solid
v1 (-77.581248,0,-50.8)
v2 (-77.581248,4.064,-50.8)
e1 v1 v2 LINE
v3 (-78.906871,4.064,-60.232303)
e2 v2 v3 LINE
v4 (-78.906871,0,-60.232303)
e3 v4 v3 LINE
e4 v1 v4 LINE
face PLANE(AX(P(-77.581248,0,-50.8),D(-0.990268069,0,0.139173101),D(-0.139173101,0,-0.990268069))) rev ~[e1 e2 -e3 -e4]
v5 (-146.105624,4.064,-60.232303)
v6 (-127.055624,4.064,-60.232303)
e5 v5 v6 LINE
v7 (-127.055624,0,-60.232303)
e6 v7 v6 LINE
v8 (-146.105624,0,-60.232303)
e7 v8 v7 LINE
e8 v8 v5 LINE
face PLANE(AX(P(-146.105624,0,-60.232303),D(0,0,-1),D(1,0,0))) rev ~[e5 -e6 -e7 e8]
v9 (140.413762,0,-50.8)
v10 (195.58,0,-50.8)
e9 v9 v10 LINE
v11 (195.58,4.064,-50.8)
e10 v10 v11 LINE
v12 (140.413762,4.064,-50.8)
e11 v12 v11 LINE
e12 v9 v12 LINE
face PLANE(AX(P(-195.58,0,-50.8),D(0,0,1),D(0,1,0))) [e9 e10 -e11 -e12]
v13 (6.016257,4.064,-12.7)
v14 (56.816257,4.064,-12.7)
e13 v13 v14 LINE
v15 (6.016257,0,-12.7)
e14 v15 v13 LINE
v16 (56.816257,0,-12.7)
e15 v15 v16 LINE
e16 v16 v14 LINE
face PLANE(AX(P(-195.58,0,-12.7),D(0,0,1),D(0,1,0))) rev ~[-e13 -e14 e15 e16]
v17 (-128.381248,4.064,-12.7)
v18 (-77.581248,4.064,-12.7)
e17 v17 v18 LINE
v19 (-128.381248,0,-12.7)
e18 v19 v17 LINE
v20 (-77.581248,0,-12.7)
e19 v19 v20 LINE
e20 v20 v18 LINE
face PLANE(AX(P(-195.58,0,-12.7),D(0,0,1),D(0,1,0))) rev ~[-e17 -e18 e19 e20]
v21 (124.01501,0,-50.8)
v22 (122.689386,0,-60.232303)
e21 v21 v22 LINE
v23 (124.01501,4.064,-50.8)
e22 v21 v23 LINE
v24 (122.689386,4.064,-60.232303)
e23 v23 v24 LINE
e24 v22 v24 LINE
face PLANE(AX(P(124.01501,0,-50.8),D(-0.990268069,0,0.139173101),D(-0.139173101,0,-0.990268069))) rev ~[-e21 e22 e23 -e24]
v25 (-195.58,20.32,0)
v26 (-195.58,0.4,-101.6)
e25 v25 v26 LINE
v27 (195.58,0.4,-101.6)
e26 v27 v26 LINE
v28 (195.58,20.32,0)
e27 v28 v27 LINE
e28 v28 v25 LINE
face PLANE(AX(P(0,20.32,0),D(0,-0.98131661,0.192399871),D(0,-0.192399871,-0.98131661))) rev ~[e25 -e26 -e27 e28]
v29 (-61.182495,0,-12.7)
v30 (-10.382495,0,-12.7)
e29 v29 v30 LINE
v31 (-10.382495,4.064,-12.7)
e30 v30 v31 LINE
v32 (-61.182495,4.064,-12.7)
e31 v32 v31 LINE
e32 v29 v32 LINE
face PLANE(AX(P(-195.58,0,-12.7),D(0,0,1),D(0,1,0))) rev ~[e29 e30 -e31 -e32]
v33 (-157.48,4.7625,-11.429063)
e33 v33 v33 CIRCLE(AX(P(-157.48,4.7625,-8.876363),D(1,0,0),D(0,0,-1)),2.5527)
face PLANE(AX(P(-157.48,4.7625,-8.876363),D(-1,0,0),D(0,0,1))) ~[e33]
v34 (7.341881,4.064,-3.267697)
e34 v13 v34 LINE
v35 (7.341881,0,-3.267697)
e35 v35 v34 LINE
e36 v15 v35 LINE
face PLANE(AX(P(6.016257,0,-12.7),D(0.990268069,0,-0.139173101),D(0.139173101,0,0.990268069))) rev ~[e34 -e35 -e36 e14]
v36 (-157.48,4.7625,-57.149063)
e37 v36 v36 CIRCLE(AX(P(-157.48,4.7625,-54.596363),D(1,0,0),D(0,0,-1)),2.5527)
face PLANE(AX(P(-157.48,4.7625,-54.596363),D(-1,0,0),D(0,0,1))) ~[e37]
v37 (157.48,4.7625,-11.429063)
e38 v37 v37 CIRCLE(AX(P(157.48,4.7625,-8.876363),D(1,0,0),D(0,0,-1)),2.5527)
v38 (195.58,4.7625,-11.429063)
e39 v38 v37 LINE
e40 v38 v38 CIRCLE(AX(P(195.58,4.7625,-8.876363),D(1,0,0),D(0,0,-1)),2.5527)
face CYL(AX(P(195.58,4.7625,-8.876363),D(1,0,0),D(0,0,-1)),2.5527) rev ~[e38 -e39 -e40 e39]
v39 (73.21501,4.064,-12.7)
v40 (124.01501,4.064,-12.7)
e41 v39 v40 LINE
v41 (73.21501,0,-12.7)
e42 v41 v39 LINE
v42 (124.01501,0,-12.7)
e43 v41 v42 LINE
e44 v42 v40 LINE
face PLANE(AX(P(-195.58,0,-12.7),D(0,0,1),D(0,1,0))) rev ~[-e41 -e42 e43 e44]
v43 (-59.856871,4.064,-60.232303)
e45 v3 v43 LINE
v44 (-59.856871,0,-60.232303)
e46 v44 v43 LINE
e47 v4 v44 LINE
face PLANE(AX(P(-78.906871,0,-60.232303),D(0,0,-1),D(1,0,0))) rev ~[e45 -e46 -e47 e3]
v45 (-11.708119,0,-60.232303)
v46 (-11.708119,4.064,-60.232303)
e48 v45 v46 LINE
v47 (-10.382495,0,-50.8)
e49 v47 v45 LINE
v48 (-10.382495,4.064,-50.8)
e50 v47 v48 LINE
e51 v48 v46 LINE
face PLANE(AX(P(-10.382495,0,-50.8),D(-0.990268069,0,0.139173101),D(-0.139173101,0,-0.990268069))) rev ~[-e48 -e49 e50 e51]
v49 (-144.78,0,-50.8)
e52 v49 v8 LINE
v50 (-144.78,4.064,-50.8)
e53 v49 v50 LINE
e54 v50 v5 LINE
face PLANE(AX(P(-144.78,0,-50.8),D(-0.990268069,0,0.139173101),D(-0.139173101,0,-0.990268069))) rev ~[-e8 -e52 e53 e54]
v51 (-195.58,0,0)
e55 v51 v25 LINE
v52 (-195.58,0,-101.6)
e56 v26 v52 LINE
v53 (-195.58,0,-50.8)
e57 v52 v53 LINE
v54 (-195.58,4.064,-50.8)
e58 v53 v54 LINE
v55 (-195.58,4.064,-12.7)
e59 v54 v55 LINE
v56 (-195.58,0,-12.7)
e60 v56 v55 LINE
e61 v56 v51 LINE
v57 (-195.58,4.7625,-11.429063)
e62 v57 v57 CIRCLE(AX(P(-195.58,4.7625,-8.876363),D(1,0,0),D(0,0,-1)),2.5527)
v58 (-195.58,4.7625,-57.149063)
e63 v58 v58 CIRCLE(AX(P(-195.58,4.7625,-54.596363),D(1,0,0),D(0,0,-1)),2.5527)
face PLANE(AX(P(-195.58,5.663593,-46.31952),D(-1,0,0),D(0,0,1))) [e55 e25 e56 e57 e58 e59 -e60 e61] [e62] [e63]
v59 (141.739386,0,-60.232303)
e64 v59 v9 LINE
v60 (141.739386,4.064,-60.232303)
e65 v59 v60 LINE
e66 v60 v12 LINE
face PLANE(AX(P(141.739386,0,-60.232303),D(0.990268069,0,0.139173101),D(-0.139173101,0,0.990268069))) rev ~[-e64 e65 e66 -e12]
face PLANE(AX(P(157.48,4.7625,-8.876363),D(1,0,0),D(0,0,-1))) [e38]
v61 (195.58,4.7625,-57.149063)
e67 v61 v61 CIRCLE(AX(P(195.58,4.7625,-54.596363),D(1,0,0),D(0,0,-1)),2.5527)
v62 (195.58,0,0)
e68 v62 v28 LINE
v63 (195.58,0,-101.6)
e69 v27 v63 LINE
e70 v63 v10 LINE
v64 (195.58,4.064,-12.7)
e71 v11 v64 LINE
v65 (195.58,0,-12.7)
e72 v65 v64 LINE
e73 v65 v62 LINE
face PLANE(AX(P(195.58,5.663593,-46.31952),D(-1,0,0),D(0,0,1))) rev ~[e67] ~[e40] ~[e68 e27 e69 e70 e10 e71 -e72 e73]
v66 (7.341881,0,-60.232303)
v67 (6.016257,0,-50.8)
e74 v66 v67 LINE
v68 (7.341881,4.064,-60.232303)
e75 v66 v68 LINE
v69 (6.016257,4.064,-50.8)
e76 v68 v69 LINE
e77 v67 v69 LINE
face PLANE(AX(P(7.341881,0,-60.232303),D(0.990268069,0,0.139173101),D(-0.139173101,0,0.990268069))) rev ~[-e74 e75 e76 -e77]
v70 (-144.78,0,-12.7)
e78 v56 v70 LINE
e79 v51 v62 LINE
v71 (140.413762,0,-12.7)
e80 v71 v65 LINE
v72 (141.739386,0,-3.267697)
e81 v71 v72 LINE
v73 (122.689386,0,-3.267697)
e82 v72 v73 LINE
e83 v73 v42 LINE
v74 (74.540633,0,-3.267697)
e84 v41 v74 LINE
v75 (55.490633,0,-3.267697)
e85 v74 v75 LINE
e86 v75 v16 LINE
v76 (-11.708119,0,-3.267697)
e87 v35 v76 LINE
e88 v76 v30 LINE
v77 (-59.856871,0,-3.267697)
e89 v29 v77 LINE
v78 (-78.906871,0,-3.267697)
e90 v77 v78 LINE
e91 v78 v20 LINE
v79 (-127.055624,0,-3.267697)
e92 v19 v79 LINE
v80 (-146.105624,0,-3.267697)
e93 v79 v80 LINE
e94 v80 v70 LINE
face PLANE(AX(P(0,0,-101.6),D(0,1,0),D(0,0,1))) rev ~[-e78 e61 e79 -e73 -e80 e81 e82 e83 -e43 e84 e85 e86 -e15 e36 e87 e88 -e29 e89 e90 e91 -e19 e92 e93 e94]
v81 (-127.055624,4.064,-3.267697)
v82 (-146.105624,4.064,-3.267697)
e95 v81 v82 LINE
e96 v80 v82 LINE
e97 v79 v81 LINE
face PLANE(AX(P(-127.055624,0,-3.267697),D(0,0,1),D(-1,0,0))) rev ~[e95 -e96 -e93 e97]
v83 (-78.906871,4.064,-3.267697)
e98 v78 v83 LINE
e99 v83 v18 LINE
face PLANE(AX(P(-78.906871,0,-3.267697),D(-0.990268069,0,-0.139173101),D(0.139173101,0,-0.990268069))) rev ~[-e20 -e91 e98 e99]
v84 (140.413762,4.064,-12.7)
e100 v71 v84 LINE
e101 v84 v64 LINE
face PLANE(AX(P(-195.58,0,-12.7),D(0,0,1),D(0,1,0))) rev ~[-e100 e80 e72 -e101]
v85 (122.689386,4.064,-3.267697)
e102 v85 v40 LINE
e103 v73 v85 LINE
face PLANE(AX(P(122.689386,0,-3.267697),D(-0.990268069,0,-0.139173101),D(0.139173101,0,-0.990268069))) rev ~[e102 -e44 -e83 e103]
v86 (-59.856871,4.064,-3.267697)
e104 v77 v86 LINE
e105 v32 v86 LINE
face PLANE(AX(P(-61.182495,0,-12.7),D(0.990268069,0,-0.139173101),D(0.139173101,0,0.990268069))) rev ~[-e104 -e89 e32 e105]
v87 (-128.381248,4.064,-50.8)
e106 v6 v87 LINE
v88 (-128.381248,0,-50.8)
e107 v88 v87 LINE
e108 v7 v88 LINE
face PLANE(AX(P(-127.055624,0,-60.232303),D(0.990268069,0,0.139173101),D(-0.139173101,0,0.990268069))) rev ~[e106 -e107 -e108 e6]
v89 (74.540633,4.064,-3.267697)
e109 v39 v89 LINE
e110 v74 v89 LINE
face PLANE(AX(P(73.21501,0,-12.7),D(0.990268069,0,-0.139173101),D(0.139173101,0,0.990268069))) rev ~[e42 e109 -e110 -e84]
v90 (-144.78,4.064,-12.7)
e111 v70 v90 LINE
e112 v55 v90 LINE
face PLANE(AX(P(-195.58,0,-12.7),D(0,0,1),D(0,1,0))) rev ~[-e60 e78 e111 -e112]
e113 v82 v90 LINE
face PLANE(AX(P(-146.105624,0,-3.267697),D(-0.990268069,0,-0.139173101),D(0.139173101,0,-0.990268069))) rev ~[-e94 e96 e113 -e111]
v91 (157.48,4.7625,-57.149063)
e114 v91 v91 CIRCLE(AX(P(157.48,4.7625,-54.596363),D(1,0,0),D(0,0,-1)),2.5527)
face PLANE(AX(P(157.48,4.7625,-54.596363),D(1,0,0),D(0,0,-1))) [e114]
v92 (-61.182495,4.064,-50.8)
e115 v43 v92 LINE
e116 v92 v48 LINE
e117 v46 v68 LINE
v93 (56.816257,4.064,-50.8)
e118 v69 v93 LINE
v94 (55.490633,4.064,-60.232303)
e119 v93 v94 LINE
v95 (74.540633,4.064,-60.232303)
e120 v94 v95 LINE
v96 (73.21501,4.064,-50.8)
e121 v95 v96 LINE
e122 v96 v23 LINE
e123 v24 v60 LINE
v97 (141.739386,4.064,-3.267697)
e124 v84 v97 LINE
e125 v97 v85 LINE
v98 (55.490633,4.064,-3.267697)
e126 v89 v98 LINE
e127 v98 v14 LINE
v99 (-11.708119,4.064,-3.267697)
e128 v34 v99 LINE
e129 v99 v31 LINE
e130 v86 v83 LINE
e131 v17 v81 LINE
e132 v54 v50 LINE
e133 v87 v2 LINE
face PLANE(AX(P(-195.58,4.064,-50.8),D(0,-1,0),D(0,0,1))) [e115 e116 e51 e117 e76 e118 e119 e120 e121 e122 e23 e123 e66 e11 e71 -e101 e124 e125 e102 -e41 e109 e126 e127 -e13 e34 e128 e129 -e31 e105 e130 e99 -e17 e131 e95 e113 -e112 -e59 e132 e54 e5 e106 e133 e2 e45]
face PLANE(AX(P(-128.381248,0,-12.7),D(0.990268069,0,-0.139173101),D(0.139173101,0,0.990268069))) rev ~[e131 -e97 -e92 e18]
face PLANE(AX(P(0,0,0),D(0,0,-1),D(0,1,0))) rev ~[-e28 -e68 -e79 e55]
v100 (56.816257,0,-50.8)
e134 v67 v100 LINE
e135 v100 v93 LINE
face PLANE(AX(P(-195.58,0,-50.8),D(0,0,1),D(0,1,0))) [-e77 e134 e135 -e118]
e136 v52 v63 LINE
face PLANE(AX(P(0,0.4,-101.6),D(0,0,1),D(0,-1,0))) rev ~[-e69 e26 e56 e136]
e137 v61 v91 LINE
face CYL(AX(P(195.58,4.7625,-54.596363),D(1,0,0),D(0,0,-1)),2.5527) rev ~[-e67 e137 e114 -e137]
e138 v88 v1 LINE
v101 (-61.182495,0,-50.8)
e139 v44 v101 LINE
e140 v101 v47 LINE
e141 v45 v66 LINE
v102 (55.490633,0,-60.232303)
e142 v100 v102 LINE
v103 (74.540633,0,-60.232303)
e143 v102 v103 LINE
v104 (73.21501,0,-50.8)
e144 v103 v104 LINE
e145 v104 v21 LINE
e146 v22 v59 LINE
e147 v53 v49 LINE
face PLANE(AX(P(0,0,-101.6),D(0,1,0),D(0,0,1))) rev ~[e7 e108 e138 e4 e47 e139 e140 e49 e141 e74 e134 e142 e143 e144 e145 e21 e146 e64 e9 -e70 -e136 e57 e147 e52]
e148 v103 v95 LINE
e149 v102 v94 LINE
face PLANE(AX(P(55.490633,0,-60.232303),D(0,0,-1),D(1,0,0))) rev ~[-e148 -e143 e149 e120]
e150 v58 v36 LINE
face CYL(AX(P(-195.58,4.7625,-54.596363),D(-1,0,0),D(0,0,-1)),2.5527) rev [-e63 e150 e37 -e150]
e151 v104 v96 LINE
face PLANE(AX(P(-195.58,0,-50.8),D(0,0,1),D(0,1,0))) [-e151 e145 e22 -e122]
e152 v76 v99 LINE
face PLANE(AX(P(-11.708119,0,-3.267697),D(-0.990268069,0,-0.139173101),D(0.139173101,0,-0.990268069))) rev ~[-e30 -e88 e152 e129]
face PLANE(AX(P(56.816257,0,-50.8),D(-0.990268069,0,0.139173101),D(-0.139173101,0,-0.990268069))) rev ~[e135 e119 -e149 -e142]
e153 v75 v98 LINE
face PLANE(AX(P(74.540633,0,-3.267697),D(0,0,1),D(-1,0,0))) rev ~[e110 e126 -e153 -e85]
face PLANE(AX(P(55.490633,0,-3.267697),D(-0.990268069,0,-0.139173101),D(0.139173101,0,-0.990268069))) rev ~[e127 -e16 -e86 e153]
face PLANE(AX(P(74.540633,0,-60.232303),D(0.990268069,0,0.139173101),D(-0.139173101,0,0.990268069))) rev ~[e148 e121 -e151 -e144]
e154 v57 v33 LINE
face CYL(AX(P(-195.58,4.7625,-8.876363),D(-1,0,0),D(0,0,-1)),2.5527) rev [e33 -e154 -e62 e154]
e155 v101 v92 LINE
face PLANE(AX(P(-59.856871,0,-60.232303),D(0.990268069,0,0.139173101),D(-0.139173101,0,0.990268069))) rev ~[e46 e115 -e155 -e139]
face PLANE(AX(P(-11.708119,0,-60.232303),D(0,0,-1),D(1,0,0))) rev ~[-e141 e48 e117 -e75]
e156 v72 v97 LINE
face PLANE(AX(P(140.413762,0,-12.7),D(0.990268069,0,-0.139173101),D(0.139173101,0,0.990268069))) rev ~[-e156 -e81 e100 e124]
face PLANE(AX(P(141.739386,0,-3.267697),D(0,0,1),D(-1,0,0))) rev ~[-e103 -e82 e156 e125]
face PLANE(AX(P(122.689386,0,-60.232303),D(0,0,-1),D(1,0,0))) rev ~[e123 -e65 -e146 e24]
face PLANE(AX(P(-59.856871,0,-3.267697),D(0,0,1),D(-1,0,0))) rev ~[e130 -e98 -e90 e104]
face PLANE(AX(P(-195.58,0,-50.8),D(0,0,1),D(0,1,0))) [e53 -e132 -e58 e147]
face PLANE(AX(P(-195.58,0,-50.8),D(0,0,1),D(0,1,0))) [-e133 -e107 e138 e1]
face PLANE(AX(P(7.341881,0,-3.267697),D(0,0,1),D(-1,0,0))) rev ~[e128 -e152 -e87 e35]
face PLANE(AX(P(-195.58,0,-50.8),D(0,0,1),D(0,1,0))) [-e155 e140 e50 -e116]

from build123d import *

# Parameters (mm, degrees)
BOSS_EXTRUDE1_DEPTH = 195.58
SKETCH2_R           = 2.5527
CUT_EXTRUDE1_DEPTH  = 38.1
SKETCH3_W           = 38.1
SKETCH3_H           = 4.064
CUT_EXTRUDE2_DEPTH  = 405.649982083
CUT_EXTRUDE3_DEPTH  = 4.064


with BuildPart() as part:
    # Sketch1 → Boss-Extrude1 (new, symmetric)
    with BuildSketch(Plane(origin=(0, 0, 0), x_dir=(0, 0, -1), z_dir=(1, 0, 0))):
        Polygon((0, 0), (0, 20.32), (101.6, 0.4), (101.6, 0), align=None)
    extrude(amount=BOSS_EXTRUDE1_DEPTH, both=True)

    # Sketch2 → Cut-Extrude1 (cut)
    with BuildSketch(Plane(origin=(195.58, 0, 0), x_dir=(0, 0, -1), z_dir=(1, 0, 0))):
        with Locations((8.876362872, 4.7625)):
            Circle(SKETCH2_R)
        with Locations((54.596362872, 4.7625)):
            Circle(SKETCH2_R)
    cut_extrude1 = extrude(amount=-CUT_EXTRUDE1_DEPTH, mode=Mode.SUBTRACT)

    # Mirror3: Cut-Extrude1 across plane
    add(cut_extrude1.mirror(Plane(origin=(0, 0, 0), x_dir=(0, 0, 1), z_dir=(1, 0, 0))), mode=Mode.SUBTRACT)

    # Sketch3 → Cut-Extrude2 (cut, through all)
    with BuildSketch(Plane.ZY.offset(195.58)):
        with Locations((-31.75, 2.032)):
            Rectangle(SKETCH3_W, SKETCH3_H)
    extrude(amount=-CUT_EXTRUDE2_DEPTH, mode=Mode.SUBTRACT)

    # Sketch4 → Cut-Extrude3 (cut)
    with BuildSketch(Plane.XZ):
        Polygon((-144.78, -50.8), (-146.105623787, -60.232303355), (-144.78, -60.232303355), (-128.381247573, -60.232303355), (-127.055623787, -60.232303355), (-128.381247573, -50.8), align=None)
        Polygon((-77.581247573, -50.8), (-78.90687136, -60.232303355), (-77.581247573, -60.232303355), (-61.182495147, -60.232303355), (-59.85687136, -60.232303355), (-61.182495147, -50.8), align=None)
        Polygon((-10.382495147, -50.8), (-11.708118933, -60.232303355), (-10.382495147, -60.232303355), (6.01625728, -60.232303355), (7.341881067, -60.232303355), (6.01625728, -50.8), align=None)
        Polygon((56.81625728, -50.8), (55.490633493, -60.232303355), (56.81625728, -60.232303355), (73.215009707, -60.232303355), (74.540633493, -60.232303355), (73.215009707, -50.8), align=None)
        Polygon((124.015009707, -50.8), (122.68938592, -60.232303355), (124.015009707, -60.232303355), (140.413762134, -60.232303355), (141.73938592, -60.232303355), (140.413762134, -50.8), align=None)
        Polygon((124.015009707, -12.7), (140.413762134, -12.7), (141.73938592, -3.267696645), (140.413762134, -3.267696645), (124.015009707, -3.267696645), (122.68938592, -3.267696645), align=None)
        Polygon((56.81625728, -12.7), (73.215009707, -12.7), (74.540633493, -3.267696645), (73.215009707, -3.267696645), (56.81625728, -3.267696645), (55.490633493, -3.267696645), align=None)
        Polygon((-10.382495147, -12.7), (6.01625728, -12.7), (7.341881067, -3.267696645), (6.01625728, -3.267696645), (-10.382495147, -3.267696645), (-11.708118933, -3.267696645), align=None)
        Polygon((-77.581247573, -12.7), (-61.182495147, -12.7), (-59.85687136, -3.267696645), (-61.182495147, -3.267696645), (-77.581247573, -3.267696645), (-78.90687136, -3.267696645), align=None)
        Polygon((-144.78, -12.7), (-128.381247573, -12.7), (-127.055623787, -3.267696645), (-128.381247573, -3.267696645), (-144.78, -3.267696645), (-146.105623787, -3.267696645), align=None)
    extrude(amount=-CUT_EXTRUDE3_DEPTH, mode=Mode.SUBTRACT)


solid = part.part
